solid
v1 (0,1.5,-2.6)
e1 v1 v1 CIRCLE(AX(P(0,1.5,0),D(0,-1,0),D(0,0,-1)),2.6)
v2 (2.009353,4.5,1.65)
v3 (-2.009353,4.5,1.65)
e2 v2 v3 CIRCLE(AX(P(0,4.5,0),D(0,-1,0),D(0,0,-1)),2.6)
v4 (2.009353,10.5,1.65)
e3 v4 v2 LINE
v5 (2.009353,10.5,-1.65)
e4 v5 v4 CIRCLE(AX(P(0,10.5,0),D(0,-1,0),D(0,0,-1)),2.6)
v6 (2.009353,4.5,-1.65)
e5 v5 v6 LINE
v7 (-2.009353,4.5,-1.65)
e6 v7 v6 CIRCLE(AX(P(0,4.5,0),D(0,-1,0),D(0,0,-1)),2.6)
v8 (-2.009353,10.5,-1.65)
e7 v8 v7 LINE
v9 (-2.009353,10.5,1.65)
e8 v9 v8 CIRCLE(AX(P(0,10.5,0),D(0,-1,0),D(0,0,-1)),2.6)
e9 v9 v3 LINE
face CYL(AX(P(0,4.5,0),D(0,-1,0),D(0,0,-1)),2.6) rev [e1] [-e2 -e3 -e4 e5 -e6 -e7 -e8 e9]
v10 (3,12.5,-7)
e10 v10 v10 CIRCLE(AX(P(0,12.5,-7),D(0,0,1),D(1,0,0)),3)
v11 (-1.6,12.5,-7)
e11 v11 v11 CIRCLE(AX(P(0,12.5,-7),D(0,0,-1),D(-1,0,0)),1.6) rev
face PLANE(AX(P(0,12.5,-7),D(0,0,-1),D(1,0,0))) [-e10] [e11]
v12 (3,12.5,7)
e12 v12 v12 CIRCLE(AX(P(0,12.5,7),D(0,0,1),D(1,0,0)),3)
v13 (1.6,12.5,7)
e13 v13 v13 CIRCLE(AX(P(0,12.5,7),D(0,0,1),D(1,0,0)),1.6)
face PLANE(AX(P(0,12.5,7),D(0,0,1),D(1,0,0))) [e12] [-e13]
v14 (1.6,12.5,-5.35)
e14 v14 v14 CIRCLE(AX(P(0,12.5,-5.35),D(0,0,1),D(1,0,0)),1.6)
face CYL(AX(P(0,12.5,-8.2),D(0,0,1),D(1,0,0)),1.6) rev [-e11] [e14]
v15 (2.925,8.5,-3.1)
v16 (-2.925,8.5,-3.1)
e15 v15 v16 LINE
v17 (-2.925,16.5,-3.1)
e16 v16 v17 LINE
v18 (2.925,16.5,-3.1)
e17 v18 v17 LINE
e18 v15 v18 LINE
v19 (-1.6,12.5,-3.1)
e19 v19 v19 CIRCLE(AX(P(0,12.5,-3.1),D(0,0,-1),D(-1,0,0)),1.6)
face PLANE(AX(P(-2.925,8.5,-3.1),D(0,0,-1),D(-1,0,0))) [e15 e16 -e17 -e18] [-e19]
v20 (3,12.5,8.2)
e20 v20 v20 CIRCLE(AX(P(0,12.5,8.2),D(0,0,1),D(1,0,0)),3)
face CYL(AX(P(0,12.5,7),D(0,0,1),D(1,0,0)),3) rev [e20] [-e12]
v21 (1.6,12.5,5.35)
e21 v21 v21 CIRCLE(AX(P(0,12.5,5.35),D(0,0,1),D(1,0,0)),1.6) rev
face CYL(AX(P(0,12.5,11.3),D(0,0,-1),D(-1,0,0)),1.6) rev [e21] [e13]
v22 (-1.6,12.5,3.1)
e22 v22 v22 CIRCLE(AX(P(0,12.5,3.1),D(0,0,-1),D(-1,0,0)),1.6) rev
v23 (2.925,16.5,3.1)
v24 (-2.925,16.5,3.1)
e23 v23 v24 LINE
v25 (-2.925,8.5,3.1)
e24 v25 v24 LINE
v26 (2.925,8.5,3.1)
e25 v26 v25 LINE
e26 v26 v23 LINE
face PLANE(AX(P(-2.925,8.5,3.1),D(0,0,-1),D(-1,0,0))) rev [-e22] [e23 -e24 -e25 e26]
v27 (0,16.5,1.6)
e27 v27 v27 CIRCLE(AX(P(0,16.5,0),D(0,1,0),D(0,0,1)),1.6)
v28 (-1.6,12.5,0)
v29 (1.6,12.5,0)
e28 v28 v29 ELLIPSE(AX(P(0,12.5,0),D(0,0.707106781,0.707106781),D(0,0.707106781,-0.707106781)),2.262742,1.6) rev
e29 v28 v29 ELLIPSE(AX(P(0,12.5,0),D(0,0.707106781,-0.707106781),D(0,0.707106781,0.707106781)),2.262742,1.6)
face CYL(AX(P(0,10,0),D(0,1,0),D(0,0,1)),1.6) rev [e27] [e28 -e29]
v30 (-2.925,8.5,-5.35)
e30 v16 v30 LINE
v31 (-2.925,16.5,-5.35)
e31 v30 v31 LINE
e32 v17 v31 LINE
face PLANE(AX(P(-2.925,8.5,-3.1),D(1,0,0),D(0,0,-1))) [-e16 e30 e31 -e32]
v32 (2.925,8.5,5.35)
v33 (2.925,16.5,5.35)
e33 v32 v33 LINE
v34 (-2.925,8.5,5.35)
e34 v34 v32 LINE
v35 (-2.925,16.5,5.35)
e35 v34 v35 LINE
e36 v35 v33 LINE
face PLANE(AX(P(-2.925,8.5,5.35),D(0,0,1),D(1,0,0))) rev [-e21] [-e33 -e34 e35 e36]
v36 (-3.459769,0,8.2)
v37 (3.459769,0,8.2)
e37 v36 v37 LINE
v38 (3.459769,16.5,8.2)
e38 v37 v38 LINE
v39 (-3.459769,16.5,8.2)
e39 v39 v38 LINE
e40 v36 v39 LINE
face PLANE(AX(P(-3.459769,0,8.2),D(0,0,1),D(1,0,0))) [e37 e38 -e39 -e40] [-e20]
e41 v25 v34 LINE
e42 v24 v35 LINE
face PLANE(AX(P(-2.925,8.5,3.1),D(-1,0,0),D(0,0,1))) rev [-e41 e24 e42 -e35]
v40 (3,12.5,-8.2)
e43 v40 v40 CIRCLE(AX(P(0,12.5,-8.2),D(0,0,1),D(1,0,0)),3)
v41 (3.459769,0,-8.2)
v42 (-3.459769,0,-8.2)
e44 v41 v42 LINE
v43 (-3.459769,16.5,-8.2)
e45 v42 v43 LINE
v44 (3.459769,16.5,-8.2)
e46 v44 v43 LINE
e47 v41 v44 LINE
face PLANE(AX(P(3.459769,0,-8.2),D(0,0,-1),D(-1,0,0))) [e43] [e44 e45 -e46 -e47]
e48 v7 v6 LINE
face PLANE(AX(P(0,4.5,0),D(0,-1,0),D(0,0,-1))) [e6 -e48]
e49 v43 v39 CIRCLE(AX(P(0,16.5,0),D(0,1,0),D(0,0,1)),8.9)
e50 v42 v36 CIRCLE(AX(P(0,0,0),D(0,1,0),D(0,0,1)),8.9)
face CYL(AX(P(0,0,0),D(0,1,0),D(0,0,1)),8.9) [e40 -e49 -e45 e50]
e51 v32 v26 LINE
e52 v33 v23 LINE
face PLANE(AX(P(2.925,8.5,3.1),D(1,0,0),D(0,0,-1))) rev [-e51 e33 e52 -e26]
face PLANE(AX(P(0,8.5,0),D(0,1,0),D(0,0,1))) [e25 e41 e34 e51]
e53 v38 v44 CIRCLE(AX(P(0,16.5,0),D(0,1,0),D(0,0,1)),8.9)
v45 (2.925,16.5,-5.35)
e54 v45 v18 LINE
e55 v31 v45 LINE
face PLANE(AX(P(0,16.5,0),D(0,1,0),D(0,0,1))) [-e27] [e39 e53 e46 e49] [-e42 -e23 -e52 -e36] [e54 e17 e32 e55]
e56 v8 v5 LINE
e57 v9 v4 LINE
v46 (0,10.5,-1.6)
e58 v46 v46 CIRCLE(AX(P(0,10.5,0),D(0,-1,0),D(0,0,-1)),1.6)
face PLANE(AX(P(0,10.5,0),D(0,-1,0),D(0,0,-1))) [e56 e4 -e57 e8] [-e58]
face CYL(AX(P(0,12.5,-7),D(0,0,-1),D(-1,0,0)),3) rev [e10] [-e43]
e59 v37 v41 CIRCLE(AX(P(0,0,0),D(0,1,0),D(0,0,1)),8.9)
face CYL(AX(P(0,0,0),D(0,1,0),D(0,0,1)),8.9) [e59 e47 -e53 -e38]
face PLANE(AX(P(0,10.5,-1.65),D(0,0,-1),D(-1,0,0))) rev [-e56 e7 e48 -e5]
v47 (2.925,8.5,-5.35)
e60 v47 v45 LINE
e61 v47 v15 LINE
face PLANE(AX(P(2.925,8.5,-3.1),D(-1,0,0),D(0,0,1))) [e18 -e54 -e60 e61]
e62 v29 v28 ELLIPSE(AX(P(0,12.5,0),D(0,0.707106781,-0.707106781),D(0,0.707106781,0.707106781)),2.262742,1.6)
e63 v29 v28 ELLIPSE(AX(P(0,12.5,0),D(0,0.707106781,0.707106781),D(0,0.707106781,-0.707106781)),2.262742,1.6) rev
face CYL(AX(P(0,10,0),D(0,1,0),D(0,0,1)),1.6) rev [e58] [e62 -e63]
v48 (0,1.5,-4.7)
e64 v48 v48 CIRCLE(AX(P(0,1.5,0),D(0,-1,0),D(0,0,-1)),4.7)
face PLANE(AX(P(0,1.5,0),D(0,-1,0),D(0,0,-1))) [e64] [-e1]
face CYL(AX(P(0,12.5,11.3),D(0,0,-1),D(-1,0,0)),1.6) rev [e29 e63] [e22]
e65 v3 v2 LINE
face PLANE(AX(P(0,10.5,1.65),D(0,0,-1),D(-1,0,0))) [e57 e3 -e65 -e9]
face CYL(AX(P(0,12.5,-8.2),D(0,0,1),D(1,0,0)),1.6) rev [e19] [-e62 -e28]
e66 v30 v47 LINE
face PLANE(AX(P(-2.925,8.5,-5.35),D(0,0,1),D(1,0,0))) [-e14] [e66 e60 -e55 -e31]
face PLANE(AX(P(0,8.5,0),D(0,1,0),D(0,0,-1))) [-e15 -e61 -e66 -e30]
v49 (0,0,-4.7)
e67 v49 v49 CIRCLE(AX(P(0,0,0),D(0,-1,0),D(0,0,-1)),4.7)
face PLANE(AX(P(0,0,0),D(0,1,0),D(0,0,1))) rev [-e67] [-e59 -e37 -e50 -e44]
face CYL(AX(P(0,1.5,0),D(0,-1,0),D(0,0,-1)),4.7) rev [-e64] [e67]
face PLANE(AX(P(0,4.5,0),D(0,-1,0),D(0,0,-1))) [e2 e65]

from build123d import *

# Parameters (mm, degrees)
ESQUISSE1_R             = 11.3
BOSS_EXTRU_1_DEPTH      = 16.5
ESQUISSE2_R             = 4.7
ENL_V_MAT_EXTRU_1_DEPTH = 1.5
ESQUISSE3_R             = 2.6
ENL_V_MAT_EXTRU_2_DEPTH = 3
ENL_V_MAT_EXTRU_3_DEPTH = 6
ESQUISSE5_R             = 1.6
ENL_V_MAT_EXTRU_4_DEPTH = 6.5
ESQUISSE6_W             = 5.85
ESQUISSE6_H             = 2.25
ENL_V_MAT_EXTRU_5_DEPTH = 8
ENL_V_START             = -3.1
ESQUISSE7_R             = 1.6
ENL_V_MAT_EXTRU_6_DEPTH = 28.74345755
ESQUISSE8_R             = 11.3
ENL_V_MAT_EXTRU_7_DEPTH = 23.970198254
ESQUISSE9_R             = 3
ENL_V_MAT_EXTRU_8_DEPTH = 1.2


with BuildPart() as part:
    # Esquisse1 → Boss.-Extru.1 (new body)
    with BuildSketch(Plane(origin=(0, 0, 0), x_dir=(1, 0, 0), z_dir=(0, 1, 0))):
        with Locations(Location((0, 0, 0), (0, 0, 270))):
            Circle(ESQUISSE1_R)
    extrude(amount=BOSS_EXTRU_1_DEPTH)

    # Esquisse2 → Enlèv. mat.-Extru.1 (cut)
    with BuildSketch(Plane.XZ):
        with Locations(Location((0, 0, 0), (0, 0, 270))):
            Circle(ESQUISSE2_R)
    extrude(amount=-ENL_V_MAT_EXTRU_1_DEPTH, mode=Mode.SUBTRACT)

    # Esquisse3 → Enlèv. mat.-Extru.2 (cut)
    with BuildSketch(Plane.XZ.offset(-1.5)):
        with Locations(Location((0, 0, 0), (0, 0, 270))):
            Circle(ESQUISSE3_R)
    extrude(amount=-ENL_V_MAT_EXTRU_2_DEPTH, mode=Mode.SUBTRACT)

    # Esquisse4 → Enlèv. mat.-Extru.3 (cut)
    with BuildSketch(Plane.XZ.offset(-4.5)):
        with BuildLine():
            Line((2.00935313, 1.65), (-2.00935313, 1.65))
            ThreePointArc((-2.00935313, 1.65), (-2.6, 0), (-2.00935313, -1.65))
            Line((-2.00935313, -1.65), (2.00935313, -1.65))
            ThreePointArc((2.00935313, -1.65), (2.447888696, -0.876265332), (2.6, 0))
            ThreePointArc((2.6, 0), (2.447888696, 0.876265332), (2.00935313, 1.65))
        make_face()
    extrude(amount=-ENL_V_MAT_EXTRU_3_DEPTH, mode=Mode.SUBTRACT)

    # Esquisse5 → Enlèv. mat.-Extru.4 (cut)
    with BuildSketch(Plane(origin=(0, 16.5, 0), x_dir=(1, 0, 0), z_dir=(0, 1, 0))):
        with Locations(Location((0, 0, 0), (0, 0, 270))):
            Circle(ESQUISSE5_R)
    extrude(amount=-ENL_V_MAT_EXTRU_4_DEPTH, mode=Mode.SUBTRACT)

    # Esquisse6 → Enlèv. mat.-Extru.5 (cut)
    with BuildSketch(Plane(origin=(0, 16.5, 0), x_dir=(1, 0, 0), z_dir=(0, 1, 0))):
        with Locations((0, -4.225)):
            Rectangle(ESQUISSE6_W, ESQUISSE6_H)
    enl_v_mat_extru_5 = extrude(amount=-ENL_V_MAT_EXTRU_5_DEPTH, mode=Mode.SUBTRACT)

    # Esquisse7 → Enlèv. mat.-Extru.6 (cut)
    with BuildSketch(Plane.XY.offset(3.1).offset(ENL_V_START)):
        with Locations(Location((0, 12.5, 0), (0, 0, 90))):
            Circle(ESQUISSE7_R)
    enl_v_mat_extru_6 = extrude(amount=ENL_V_MAT_EXTRU_6_DEPTH, mode=Mode.SUBTRACT)

    # Esquisse8 → Enlèv. mat.-Extru.7 (cut, through all)
    with BuildSketch(Plane(origin=(0, 16.5, 0), x_dir=(1, 0, 0), z_dir=(0, 1, 0))):
        Circle(ESQUISSE8_R)
        with BuildLine():
            Line((-3.459768778, -8.2), (3.459768778, -8.2))
            ThreePointArc((3.459768778, -8.2), (8.9, 0), (3.459768778, 8.2))
            Line((3.459768778, 8.2), (-3.459768778, 8.2))
            ThreePointArc((-3.459768778, 8.2), (-8.9, 0), (-3.459768778, -8.2))
        make_face(mode=Mode.SUBTRACT)
    extrude(amount=-ENL_V_MAT_EXTRU_7_DEPTH, mode=Mode.SUBTRACT)

    # Esquisse9 → Enlèv. mat.-Extru.8 (cut)
    with BuildSketch(Plane.XY.offset(8.2)):
        with Locations((0, 12.5)):
            Circle(ESQUISSE9_R)
    enl_v_mat_extru_8 = extrude(amount=-ENL_V_MAT_EXTRU_8_DEPTH, mode=Mode.SUBTRACT)

    # Symétrie1: Enlèv. mat.-Extru.5, Enlèv. mat.-Extru.6, Enlèv. mat.-Extru.8 across plane
    add(enl_v_mat_extru_5.mirror(Plane.XY), mode=Mode.SUBTRACT)
    add(enl_v_mat_extru_6.mirror(Plane.XY), mode=Mode.SUBTRACT)
    add(enl_v_mat_extru_8.mirror(Plane.XY), mode=Mode.SUBTRACT)


solid = part.part
